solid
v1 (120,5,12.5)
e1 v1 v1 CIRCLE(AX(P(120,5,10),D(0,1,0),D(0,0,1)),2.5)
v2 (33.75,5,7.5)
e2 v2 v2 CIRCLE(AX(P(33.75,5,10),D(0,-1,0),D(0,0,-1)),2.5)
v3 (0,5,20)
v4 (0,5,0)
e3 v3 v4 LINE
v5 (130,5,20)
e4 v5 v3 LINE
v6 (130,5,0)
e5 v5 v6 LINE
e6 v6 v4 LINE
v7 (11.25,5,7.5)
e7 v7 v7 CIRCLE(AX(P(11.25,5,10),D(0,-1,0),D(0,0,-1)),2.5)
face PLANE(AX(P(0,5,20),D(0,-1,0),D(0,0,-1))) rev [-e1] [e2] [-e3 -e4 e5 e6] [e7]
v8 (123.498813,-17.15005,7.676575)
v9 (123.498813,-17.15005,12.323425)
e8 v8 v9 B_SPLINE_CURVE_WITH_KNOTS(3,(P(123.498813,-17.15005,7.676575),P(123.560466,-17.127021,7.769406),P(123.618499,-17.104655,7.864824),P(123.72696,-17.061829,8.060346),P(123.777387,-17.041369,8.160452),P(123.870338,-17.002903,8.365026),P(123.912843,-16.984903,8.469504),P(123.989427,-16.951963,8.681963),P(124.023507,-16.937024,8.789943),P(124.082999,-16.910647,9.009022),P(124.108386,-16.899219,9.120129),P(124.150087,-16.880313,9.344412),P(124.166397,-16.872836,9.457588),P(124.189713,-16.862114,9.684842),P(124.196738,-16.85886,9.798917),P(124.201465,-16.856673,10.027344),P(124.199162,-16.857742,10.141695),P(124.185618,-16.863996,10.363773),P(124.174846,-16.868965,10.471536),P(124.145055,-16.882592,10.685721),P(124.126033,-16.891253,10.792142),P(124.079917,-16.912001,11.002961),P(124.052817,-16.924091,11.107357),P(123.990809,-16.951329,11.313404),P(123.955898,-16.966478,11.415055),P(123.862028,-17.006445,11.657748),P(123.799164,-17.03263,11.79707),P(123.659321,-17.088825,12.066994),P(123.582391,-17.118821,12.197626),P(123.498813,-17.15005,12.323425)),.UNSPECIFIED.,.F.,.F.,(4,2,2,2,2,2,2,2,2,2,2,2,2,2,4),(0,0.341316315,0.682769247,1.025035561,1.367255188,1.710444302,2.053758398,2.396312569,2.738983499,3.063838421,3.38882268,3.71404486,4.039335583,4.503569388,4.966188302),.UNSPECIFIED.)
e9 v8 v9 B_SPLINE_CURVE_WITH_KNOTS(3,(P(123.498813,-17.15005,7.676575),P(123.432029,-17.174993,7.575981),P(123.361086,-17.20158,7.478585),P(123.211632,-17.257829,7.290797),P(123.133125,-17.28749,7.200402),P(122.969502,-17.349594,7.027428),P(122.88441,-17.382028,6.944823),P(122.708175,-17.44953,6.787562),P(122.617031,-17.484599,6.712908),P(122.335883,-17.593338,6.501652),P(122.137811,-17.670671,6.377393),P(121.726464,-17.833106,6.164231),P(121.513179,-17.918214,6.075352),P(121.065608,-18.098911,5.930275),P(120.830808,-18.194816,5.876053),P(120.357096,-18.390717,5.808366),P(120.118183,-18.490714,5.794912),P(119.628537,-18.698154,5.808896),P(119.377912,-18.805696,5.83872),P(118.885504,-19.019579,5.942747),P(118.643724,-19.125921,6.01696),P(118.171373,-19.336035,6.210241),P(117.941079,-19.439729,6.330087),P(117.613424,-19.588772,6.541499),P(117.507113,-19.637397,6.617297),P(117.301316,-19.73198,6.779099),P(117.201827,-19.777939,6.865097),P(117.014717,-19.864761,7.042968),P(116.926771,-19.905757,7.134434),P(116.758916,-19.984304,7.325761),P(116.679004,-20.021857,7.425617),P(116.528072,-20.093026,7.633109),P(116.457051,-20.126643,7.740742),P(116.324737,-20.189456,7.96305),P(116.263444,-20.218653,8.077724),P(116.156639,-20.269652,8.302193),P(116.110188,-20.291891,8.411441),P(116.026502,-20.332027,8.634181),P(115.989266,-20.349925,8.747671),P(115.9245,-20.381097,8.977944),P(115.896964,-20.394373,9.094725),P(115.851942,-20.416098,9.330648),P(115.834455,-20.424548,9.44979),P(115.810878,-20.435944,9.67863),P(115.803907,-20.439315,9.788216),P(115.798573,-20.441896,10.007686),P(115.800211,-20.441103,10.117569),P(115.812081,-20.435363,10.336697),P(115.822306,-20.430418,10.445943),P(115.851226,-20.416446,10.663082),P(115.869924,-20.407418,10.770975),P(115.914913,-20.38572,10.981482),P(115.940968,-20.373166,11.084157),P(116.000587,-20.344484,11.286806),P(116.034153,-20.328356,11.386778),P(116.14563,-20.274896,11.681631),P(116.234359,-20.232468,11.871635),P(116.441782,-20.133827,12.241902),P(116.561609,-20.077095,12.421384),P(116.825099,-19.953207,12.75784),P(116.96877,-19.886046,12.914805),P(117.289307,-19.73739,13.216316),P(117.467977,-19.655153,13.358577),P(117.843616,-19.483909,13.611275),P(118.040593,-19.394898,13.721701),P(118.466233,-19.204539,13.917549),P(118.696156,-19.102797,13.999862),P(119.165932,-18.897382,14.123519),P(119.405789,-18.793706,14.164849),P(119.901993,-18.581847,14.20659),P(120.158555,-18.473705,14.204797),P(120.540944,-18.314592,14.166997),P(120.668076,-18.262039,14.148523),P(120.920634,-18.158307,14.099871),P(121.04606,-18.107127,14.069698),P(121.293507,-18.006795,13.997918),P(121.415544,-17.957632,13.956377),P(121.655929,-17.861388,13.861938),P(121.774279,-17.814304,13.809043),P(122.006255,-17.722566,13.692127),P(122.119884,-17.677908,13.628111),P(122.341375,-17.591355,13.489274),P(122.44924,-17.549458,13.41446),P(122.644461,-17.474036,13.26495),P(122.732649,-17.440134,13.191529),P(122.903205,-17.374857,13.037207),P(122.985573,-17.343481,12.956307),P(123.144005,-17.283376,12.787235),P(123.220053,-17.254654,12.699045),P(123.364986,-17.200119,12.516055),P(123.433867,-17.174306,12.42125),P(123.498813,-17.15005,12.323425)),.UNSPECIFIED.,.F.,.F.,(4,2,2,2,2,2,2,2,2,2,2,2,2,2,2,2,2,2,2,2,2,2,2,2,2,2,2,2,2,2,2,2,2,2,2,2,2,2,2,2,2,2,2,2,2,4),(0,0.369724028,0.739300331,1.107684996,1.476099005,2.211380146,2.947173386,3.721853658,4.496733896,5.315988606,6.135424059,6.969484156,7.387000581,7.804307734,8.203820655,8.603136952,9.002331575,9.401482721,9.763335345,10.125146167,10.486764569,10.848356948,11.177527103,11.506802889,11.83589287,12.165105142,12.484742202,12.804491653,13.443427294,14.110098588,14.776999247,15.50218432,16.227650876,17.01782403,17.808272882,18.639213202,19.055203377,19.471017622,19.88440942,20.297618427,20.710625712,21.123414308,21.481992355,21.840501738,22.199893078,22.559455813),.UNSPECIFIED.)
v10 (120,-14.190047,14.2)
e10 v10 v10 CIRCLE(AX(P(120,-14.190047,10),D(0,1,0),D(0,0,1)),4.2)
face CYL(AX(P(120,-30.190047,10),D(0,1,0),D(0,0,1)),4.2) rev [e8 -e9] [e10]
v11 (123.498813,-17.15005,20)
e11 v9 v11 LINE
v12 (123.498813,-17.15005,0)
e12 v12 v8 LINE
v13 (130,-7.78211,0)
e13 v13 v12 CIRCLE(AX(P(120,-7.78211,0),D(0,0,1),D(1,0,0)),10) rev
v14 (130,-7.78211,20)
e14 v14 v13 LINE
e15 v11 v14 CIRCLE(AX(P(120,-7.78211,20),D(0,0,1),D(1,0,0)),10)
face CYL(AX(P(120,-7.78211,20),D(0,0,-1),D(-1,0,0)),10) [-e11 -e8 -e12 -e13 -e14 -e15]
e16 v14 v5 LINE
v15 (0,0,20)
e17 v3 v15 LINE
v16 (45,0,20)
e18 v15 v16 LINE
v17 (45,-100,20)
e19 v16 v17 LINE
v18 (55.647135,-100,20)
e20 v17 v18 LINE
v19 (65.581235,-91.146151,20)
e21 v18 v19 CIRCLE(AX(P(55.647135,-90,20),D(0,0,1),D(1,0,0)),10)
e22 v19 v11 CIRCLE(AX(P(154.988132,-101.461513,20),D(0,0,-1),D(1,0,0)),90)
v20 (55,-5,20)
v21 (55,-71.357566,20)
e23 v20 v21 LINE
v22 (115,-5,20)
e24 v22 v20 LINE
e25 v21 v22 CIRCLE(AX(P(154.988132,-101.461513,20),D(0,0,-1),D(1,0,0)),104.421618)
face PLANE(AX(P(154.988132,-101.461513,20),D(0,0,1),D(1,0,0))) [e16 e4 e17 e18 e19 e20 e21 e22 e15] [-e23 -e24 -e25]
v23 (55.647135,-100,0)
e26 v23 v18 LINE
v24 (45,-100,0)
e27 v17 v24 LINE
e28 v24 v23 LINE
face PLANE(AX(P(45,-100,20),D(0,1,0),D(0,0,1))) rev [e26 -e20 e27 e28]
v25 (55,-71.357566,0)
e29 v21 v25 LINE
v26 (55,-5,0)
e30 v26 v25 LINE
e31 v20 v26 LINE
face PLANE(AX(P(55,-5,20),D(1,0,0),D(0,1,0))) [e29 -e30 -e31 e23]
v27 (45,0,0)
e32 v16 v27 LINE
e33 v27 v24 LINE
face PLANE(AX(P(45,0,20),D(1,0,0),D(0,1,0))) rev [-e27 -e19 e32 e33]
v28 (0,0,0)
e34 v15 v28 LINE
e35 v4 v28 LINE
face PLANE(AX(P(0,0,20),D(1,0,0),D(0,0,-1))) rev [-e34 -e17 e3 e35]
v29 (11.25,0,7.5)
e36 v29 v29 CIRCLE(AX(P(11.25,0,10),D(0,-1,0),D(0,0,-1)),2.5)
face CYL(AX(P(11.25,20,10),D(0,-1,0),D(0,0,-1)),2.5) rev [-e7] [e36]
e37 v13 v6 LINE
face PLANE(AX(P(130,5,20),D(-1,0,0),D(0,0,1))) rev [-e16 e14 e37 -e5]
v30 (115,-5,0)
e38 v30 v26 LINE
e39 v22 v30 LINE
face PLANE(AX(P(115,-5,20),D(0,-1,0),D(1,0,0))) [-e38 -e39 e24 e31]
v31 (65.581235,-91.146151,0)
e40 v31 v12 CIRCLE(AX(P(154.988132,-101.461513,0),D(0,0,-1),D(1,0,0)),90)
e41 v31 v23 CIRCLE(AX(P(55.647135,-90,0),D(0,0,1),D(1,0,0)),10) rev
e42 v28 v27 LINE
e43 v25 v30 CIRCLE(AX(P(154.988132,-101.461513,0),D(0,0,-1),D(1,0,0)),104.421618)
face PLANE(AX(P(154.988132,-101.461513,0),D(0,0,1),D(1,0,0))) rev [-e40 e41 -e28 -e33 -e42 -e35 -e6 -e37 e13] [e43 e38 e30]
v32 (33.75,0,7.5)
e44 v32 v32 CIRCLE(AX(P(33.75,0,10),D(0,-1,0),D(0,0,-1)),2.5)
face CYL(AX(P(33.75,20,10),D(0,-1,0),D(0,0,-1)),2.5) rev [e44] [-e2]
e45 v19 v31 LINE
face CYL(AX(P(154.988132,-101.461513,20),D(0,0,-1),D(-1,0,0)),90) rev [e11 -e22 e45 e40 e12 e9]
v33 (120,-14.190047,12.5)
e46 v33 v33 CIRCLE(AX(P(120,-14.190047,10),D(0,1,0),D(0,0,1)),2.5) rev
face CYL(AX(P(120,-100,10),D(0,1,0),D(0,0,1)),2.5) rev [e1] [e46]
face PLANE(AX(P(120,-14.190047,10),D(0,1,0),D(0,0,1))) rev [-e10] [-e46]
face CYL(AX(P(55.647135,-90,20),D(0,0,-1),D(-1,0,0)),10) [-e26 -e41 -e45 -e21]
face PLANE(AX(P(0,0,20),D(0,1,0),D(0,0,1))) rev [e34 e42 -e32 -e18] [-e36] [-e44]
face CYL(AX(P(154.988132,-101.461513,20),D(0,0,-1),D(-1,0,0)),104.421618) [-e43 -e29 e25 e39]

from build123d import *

# Parameters (mm, degrees)
BOSS_EXTRU_1_DEPTH           = 20
CONG_1_R                     = 10
CONG_2_R                     = 10
ESQUISSE3_R                  = 2.5
ENL_V_MAT_EXTRU_1_DEPTH      = 20
ESQUISSE4_R                  = 2.5
ENL_V_MAT_EXTRU_2_DEPTH      = 106
ESQUISSE5_R                  = 4.2
ENL_V_MAT_EXTRU_3_DEPTH      = 3
ENL_V_MAT_EXTRU_3_DEPTH_BACK = 13


with BuildPart() as part:
    # Esquisse2 → Boss.-Extru.1 (new body)
    with BuildSketch(Plane.XY):
        with BuildLine():
            Line((0, 0), (45, 0))
            Line((45, 0), (45, -100))
            Line((45, -100), (65, -100))
            ThreePointArc((65, -100), (83.49592747, -46.791003359), (130, -15))
            Line((130, -15), (130, 5))
            Line((130, 5), (0, 5))
            Line((0, 5), (0, 0))
        make_face()
        with BuildLine():
            Line((115, -5), (55, -5))
            Line((55, -5), (55, -71.357566363))
            ThreePointArc((55, -71.357566363), (77.53382116, -31.427921826), (115, -5))
        make_face(mode=Mode.SUBTRACT)
    extrude(amount=BOSS_EXTRU_1_DEPTH)

    # Congé1
    cong_1_edges = [part.edges().sort_by_distance(p)[0] for p in [
        (130, -15, 10),
    ]]
    fillet(cong_1_edges, radius=CONG_1_R)

    # Congé2
    cong_2_edges = [part.edges().sort_by_distance(p)[0] for p in [
        (65, -100, 10),
    ]]
    fillet(cong_2_edges, radius=CONG_2_R)

    # Esquisse3 → Enlèv. mat.-Extru.1 (cut)
    with BuildSketch(Plane.XZ):
        with Locations((33.75, 10)):
            Circle(ESQUISSE3_R)
        with Locations((11.25, 10)):
            Circle(ESQUISSE3_R)
    extrude(amount=-ENL_V_MAT_EXTRU_1_DEPTH, mode=Mode.SUBTRACT)

    # Esquisse4 → Enlèv. mat.-Extru.2 (cut, through all)
    with BuildSketch(Plane(origin=(0, 5, 0), x_dir=(1, 0, 0), z_dir=(0, 1, 0))):
        with Locations((120, -10)):
            Circle(ESQUISSE4_R)
    extrude(amount=-ENL_V_MAT_EXTRU_2_DEPTH, mode=Mode.SUBTRACT)

    # Esquisse5 → Enlèv. mat.-Extru.3 (cut, two sides)
    with BuildSketch(Plane(origin=(0, -17.190046968, 0), x_dir=(1, 0, 0), z_dir=(0, 1, 0))) as enl_v_mat_extru_3_sk:
        with Locations((120, -10)):
            Circle(ESQUISSE5_R)
    extrude(amount=ENL_V_MAT_EXTRU_3_DEPTH, mode=Mode.SUBTRACT)
    extrude(enl_v_mat_extru_3_sk.sketch, amount=-ENL_V_MAT_EXTRU_3_DEPTH_BACK, mode=Mode.SUBTRACT)


solid = part.part
